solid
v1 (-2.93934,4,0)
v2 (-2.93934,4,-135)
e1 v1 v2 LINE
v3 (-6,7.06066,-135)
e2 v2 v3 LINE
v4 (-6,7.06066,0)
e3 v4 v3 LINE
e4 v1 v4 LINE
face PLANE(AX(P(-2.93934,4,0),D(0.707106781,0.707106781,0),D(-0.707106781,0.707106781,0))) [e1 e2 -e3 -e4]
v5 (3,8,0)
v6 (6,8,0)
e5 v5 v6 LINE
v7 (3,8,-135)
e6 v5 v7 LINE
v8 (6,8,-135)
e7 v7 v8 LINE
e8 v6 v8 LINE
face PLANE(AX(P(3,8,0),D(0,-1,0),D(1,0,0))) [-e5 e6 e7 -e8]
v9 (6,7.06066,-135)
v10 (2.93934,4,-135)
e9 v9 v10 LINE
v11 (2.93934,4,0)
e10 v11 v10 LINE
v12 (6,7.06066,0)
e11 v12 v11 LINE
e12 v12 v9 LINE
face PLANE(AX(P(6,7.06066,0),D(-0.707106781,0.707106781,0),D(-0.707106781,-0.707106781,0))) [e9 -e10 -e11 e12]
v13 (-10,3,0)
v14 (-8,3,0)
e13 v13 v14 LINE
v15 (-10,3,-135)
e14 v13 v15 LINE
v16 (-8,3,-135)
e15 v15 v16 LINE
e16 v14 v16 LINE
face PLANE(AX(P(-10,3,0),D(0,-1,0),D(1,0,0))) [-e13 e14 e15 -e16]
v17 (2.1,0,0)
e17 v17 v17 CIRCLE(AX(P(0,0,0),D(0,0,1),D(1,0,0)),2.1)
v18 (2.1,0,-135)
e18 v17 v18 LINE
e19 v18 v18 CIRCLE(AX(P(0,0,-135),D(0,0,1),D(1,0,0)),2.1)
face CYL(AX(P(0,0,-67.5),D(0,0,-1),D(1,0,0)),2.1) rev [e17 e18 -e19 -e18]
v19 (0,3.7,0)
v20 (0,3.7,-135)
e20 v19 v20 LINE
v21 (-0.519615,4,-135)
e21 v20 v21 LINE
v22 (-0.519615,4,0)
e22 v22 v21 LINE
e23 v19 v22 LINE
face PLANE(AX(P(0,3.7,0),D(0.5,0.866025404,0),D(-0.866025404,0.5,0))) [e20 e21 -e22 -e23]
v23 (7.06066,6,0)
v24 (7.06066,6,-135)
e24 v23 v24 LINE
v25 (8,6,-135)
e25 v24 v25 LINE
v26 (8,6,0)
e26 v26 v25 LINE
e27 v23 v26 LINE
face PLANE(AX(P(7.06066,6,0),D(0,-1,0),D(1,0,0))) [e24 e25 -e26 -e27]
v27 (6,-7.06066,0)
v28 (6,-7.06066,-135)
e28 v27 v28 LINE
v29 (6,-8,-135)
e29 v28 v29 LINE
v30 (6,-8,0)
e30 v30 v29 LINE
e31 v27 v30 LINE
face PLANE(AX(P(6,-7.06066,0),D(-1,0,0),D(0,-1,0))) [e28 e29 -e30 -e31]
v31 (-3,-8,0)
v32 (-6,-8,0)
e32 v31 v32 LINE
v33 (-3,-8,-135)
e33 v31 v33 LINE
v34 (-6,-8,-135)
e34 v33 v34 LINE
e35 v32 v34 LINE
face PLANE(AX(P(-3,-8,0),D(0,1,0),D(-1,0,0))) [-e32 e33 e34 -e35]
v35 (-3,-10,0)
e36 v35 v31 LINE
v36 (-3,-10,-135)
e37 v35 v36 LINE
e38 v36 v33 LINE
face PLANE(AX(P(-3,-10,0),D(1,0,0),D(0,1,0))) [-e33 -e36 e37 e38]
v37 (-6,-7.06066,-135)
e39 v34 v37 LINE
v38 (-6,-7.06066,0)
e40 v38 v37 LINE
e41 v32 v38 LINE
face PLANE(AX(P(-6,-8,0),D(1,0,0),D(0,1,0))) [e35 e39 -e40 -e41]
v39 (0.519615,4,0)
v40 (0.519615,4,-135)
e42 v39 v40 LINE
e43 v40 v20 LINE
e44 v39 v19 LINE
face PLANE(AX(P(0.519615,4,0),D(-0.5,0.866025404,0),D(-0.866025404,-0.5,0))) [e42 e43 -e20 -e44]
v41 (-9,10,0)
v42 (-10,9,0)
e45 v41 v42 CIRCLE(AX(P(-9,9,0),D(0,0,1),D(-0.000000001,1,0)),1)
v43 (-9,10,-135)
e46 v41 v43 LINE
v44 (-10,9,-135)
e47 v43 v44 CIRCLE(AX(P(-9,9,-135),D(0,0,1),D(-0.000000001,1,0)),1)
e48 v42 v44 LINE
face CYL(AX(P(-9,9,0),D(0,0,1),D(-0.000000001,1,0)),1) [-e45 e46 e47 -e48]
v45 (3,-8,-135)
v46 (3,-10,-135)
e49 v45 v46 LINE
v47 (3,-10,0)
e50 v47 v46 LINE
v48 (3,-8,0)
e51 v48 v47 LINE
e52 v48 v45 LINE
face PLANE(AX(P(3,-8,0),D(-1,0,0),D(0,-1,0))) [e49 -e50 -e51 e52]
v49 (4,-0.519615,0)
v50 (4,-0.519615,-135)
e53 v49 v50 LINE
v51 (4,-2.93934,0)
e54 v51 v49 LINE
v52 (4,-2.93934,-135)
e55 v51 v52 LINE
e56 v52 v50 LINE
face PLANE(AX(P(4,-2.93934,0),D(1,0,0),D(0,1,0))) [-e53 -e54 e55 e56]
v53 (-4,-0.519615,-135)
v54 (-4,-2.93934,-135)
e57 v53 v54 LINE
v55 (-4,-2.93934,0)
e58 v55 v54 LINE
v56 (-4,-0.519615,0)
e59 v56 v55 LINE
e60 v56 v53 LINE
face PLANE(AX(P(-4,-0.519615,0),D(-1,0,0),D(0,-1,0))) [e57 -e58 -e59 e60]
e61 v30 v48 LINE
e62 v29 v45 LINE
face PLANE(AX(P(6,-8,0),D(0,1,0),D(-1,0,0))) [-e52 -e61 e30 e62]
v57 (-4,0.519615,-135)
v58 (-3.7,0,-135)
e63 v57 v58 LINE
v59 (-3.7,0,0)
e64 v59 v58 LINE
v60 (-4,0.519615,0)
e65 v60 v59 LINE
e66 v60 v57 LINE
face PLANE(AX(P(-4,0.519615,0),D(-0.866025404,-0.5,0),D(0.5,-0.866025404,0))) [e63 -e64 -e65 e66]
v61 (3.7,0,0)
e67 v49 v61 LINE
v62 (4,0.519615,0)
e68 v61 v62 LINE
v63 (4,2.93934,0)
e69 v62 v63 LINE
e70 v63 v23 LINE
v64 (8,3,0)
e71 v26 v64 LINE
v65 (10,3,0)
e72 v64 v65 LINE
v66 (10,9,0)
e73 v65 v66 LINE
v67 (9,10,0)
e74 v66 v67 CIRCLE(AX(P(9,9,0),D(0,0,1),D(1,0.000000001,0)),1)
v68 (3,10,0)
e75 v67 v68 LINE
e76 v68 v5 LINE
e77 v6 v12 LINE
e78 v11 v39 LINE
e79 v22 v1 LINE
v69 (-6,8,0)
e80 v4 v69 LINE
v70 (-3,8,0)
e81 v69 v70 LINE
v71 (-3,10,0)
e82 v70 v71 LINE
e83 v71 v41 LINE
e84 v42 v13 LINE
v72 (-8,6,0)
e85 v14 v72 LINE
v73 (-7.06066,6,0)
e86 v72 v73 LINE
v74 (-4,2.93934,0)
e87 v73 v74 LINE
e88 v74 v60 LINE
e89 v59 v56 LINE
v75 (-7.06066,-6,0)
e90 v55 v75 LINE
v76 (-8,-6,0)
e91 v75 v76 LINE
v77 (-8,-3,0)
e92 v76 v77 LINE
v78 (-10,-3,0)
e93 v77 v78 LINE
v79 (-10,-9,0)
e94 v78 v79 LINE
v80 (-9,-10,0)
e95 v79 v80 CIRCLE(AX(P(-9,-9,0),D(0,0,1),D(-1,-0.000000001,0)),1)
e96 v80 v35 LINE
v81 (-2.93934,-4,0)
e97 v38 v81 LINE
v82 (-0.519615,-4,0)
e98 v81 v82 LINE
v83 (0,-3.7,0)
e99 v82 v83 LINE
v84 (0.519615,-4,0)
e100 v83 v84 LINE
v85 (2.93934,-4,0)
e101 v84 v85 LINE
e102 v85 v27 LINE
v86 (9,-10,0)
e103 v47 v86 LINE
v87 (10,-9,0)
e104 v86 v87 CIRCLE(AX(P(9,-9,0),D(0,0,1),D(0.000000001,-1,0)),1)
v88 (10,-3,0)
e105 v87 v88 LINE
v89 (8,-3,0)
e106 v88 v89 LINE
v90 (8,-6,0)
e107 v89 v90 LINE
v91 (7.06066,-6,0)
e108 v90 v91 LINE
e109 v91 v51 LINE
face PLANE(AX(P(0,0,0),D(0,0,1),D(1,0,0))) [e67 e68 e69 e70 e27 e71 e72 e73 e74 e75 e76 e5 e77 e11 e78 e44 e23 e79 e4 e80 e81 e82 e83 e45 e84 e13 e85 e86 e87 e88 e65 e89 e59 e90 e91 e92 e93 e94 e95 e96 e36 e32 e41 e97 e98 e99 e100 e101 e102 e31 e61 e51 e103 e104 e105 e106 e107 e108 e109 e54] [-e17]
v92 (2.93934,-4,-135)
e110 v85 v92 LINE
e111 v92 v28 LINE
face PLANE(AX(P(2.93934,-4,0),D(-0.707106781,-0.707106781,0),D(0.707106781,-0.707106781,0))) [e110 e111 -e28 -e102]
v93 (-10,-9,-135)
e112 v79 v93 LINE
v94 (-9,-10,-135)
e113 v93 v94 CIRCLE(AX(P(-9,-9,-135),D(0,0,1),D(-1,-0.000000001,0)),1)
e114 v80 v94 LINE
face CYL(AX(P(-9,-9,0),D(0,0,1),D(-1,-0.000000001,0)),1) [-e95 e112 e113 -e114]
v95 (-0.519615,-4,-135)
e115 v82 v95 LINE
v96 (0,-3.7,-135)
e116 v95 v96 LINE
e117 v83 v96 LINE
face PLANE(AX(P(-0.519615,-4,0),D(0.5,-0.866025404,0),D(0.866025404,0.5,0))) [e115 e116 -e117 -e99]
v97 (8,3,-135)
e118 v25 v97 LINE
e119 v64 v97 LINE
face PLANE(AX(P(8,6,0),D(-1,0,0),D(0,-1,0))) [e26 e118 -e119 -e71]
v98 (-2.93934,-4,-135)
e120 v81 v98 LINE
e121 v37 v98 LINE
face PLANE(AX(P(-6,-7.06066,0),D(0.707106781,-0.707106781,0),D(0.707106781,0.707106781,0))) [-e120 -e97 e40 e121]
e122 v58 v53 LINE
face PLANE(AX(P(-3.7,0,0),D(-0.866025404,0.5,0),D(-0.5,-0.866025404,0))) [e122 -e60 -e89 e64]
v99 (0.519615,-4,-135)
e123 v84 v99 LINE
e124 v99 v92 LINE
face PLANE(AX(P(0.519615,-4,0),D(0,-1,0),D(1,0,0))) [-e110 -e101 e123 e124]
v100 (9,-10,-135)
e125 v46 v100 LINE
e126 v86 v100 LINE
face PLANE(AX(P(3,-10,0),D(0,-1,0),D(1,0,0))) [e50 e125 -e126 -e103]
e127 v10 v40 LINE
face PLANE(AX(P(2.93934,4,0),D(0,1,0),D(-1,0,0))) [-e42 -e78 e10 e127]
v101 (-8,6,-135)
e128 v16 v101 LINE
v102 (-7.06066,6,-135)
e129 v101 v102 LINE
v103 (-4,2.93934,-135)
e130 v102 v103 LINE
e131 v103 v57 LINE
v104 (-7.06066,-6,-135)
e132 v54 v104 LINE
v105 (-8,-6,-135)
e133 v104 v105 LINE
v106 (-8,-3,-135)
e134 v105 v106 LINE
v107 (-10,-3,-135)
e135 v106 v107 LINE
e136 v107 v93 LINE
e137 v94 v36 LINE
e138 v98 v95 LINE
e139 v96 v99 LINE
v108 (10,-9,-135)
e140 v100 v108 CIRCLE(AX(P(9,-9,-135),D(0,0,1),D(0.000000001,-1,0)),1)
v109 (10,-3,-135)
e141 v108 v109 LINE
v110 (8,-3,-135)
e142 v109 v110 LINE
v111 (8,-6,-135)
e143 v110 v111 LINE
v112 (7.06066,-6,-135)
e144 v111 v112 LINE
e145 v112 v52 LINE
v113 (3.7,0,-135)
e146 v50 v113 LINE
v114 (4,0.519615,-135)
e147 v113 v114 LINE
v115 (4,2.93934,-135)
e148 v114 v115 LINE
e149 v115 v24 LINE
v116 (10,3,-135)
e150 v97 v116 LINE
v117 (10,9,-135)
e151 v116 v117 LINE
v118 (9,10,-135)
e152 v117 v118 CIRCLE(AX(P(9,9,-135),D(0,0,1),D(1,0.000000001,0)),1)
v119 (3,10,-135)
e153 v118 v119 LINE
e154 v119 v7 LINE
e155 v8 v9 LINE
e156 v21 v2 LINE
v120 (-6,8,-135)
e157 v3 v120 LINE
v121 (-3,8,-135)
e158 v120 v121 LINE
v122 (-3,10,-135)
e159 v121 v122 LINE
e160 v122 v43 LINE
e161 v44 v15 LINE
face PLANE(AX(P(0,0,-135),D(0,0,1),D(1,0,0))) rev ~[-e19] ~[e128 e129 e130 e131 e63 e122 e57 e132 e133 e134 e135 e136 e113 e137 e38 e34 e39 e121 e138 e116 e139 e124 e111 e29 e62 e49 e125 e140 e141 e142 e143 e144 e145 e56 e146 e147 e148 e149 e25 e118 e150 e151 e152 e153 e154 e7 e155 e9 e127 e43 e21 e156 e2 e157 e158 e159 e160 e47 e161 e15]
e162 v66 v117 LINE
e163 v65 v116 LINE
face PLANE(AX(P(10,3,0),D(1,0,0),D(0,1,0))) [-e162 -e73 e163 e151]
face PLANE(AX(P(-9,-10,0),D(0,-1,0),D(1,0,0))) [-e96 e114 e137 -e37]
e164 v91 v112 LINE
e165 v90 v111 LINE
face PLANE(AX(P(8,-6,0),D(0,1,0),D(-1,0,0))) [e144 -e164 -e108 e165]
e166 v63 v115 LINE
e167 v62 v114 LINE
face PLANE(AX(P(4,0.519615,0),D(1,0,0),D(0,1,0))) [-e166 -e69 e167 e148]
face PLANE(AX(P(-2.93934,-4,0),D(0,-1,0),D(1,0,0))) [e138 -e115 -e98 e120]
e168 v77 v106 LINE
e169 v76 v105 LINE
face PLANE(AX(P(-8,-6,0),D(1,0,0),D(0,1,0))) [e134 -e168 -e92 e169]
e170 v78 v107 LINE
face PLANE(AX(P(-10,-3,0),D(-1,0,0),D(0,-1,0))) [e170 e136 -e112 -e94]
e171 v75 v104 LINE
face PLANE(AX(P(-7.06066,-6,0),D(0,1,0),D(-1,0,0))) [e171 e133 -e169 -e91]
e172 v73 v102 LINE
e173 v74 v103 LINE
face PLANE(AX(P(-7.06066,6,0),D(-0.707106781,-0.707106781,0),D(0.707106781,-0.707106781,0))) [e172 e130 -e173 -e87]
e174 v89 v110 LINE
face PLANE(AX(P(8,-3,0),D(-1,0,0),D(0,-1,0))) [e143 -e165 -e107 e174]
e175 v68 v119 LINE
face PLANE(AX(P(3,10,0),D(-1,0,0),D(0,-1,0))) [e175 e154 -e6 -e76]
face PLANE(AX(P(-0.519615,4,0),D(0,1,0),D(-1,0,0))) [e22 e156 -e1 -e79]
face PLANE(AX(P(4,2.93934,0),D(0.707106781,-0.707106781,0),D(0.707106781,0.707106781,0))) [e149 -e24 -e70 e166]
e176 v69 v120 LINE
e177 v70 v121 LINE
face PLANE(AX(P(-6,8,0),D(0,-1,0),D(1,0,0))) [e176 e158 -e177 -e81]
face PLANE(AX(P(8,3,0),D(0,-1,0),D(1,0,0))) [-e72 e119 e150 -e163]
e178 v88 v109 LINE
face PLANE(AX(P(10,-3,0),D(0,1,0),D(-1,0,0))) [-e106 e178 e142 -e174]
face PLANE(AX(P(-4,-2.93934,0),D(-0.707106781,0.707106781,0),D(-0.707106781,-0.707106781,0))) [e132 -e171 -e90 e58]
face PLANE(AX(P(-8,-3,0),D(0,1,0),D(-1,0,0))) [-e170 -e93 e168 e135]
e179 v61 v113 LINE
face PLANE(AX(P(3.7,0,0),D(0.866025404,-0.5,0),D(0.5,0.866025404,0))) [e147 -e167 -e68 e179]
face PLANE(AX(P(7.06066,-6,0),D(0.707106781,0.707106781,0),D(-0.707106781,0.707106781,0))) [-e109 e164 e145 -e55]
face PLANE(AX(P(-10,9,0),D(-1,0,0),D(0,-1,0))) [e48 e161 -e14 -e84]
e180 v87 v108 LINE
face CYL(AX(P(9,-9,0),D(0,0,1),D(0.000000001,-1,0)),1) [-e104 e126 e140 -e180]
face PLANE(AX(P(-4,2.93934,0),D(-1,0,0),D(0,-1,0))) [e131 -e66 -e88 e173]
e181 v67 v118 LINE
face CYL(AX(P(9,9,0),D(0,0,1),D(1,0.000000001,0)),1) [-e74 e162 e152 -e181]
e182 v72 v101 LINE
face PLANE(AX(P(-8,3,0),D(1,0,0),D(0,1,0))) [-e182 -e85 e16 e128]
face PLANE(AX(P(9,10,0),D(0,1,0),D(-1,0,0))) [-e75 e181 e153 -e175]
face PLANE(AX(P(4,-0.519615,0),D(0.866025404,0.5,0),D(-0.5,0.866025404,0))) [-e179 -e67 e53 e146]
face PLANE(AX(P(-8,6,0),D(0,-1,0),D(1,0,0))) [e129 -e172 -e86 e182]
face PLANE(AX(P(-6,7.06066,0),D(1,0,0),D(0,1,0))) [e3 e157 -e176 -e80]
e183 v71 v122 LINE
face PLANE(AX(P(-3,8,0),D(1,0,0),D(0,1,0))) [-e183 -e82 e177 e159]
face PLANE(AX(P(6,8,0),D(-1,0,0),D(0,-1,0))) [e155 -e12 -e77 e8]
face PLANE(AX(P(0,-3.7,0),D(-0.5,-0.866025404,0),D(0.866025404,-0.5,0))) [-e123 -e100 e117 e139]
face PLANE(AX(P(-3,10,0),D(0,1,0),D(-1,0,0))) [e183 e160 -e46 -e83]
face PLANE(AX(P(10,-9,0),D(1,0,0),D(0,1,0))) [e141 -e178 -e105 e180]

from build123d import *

# Parameters (mm, degrees)
BOSS_EXTRUDE1_DEPTH = 135
SKETCH2_W           = 135
SKETCH2_H           = 2.1


with BuildPart() as part:
    # Sketch1 → Boss-Extrude1 (new body)
    with BuildSketch(Plane.XY):
        with BuildLine():
            Line((-10, -3), (-10, -9))
            ThreePointArc((-10, -9), (-9.707106781, -9.707106781), (-9, -10))
            Line((-9, -10), (-3, -10))
            Line((-3, -10), (-3, -8))
            Line((-3, -8), (-6, -8))
            Line((-6, -8), (-6, -7.060660172))
            Line((-6, -7.060660172), (-2.939339828, -4))
            Line((-2.939339828, -4), (-0.519615242, -4))
            Line((-0.519615242, -4), (0, -3.7))
            Line((0, -3.7), (0.519615242, -4))
            Line((0.519615242, -4), (2.939339828, -4))
            Line((2.939339828, -4), (6, -7.060660172))
            Line((6, -7.060660172), (6, -8))
            Line((6, -8), (3, -8))
            Line((3, -8), (3, -10))
            Line((3, -10), (9, -10))
            ThreePointArc((9, -10), (9.707106781, -9.707106781), (10, -9))
            Line((10, -9), (10, -3))
            Line((10, -3), (8, -3))
            Line((8, -3), (8, -6))
            Line((8, -6), (7.060660172, -6))
            Line((7.060660172, -6), (4, -2.939339828))
            Line((4, -2.939339828), (4, -0.519615242))
            Line((4, -0.519615242), (3.7, 0))
            Line((3.7, 0), (4, 0.519615242))
            Line((4, 0.519615242), (4, 2.939339828))
            Line((4, 2.939339828), (7.060660172, 6))
            Line((7.060660172, 6), (8, 6))
            Line((8, 6), (8, 3))
            Line((8, 3), (10, 3))
            Line((10, 3), (10, 9))
            ThreePointArc((10, 9), (9.707106781, 9.707106781), (9, 10))
            Line((9, 10), (3, 10))
            Line((3, 10), (3, 8))
            Line((3, 8), (6, 8))
            Line((6, 8), (6, 7.060660172))
            Line((6, 7.060660172), (2.939339828, 4))
            Line((2.939339828, 4), (0.519615242, 4))
            Line((0.519615242, 4), (0, 3.7))
            Line((0, 3.7), (-0.519615242, 4))
            Line((-0.519615242, 4), (-2.939339828, 4))
            Line((-2.939339828, 4), (-6, 7.060660172))
            Line((-6, 7.060660172), (-6, 8))
            Line((-6, 8), (-3, 8))
            Line((-3, 8), (-3, 10))
            Line((-3, 10), (-9, 10))
            ThreePointArc((-9, 10), (-9.707106781, 9.707106781), (-10, 9))
            Line((-10, 9), (-10, 3))
            Line((-10, 3), (-8, 3))
            Line((-8, 3), (-8, 6))
            Line((-8, 6), (-7.060660172, 6))
            Line((-7.060660172, 6), (-4, 2.939339828))
            Line((-4, 2.939339828), (-4, 0.519615242))
            Line((-4, 0.519615242), (-3.7, 0))
            Line((-3.7, 0), (-4, -0.519615242))
            Line((-4, -0.519615242), (-4, -2.939339828))
            Line((-4, -2.939339828), (-7.060660172, -6))
            Line((-7.060660172, -6), (-8, -6))
            Line((-8, -6), (-8, -3))
            Line((-8, -3), (-10, -3))
        make_face()
    extrude(amount=-BOSS_EXTRUDE1_DEPTH)

    # Sketch2 → Cut-Revolve1 (revolve, cut)
    with BuildSketch(Plane(origin=(0, 0, 0), x_dir=(0, 0, -1), z_dir=(1, 0, 0)), mode=Mode.PRIVATE) as cut_revolve1_sk:
        with Locations((67.5, 1.05)):
            Rectangle(SKETCH2_W, SKETCH2_H)
    revolve(cut_revolve1_sk.sketch.rotate(Axis((0, 0, -135), (0, 0, 1)), 270), axis=Axis((0, 0, -135), (0, 0, 1)), mode=Mode.SUBTRACT)


solid = part.part
